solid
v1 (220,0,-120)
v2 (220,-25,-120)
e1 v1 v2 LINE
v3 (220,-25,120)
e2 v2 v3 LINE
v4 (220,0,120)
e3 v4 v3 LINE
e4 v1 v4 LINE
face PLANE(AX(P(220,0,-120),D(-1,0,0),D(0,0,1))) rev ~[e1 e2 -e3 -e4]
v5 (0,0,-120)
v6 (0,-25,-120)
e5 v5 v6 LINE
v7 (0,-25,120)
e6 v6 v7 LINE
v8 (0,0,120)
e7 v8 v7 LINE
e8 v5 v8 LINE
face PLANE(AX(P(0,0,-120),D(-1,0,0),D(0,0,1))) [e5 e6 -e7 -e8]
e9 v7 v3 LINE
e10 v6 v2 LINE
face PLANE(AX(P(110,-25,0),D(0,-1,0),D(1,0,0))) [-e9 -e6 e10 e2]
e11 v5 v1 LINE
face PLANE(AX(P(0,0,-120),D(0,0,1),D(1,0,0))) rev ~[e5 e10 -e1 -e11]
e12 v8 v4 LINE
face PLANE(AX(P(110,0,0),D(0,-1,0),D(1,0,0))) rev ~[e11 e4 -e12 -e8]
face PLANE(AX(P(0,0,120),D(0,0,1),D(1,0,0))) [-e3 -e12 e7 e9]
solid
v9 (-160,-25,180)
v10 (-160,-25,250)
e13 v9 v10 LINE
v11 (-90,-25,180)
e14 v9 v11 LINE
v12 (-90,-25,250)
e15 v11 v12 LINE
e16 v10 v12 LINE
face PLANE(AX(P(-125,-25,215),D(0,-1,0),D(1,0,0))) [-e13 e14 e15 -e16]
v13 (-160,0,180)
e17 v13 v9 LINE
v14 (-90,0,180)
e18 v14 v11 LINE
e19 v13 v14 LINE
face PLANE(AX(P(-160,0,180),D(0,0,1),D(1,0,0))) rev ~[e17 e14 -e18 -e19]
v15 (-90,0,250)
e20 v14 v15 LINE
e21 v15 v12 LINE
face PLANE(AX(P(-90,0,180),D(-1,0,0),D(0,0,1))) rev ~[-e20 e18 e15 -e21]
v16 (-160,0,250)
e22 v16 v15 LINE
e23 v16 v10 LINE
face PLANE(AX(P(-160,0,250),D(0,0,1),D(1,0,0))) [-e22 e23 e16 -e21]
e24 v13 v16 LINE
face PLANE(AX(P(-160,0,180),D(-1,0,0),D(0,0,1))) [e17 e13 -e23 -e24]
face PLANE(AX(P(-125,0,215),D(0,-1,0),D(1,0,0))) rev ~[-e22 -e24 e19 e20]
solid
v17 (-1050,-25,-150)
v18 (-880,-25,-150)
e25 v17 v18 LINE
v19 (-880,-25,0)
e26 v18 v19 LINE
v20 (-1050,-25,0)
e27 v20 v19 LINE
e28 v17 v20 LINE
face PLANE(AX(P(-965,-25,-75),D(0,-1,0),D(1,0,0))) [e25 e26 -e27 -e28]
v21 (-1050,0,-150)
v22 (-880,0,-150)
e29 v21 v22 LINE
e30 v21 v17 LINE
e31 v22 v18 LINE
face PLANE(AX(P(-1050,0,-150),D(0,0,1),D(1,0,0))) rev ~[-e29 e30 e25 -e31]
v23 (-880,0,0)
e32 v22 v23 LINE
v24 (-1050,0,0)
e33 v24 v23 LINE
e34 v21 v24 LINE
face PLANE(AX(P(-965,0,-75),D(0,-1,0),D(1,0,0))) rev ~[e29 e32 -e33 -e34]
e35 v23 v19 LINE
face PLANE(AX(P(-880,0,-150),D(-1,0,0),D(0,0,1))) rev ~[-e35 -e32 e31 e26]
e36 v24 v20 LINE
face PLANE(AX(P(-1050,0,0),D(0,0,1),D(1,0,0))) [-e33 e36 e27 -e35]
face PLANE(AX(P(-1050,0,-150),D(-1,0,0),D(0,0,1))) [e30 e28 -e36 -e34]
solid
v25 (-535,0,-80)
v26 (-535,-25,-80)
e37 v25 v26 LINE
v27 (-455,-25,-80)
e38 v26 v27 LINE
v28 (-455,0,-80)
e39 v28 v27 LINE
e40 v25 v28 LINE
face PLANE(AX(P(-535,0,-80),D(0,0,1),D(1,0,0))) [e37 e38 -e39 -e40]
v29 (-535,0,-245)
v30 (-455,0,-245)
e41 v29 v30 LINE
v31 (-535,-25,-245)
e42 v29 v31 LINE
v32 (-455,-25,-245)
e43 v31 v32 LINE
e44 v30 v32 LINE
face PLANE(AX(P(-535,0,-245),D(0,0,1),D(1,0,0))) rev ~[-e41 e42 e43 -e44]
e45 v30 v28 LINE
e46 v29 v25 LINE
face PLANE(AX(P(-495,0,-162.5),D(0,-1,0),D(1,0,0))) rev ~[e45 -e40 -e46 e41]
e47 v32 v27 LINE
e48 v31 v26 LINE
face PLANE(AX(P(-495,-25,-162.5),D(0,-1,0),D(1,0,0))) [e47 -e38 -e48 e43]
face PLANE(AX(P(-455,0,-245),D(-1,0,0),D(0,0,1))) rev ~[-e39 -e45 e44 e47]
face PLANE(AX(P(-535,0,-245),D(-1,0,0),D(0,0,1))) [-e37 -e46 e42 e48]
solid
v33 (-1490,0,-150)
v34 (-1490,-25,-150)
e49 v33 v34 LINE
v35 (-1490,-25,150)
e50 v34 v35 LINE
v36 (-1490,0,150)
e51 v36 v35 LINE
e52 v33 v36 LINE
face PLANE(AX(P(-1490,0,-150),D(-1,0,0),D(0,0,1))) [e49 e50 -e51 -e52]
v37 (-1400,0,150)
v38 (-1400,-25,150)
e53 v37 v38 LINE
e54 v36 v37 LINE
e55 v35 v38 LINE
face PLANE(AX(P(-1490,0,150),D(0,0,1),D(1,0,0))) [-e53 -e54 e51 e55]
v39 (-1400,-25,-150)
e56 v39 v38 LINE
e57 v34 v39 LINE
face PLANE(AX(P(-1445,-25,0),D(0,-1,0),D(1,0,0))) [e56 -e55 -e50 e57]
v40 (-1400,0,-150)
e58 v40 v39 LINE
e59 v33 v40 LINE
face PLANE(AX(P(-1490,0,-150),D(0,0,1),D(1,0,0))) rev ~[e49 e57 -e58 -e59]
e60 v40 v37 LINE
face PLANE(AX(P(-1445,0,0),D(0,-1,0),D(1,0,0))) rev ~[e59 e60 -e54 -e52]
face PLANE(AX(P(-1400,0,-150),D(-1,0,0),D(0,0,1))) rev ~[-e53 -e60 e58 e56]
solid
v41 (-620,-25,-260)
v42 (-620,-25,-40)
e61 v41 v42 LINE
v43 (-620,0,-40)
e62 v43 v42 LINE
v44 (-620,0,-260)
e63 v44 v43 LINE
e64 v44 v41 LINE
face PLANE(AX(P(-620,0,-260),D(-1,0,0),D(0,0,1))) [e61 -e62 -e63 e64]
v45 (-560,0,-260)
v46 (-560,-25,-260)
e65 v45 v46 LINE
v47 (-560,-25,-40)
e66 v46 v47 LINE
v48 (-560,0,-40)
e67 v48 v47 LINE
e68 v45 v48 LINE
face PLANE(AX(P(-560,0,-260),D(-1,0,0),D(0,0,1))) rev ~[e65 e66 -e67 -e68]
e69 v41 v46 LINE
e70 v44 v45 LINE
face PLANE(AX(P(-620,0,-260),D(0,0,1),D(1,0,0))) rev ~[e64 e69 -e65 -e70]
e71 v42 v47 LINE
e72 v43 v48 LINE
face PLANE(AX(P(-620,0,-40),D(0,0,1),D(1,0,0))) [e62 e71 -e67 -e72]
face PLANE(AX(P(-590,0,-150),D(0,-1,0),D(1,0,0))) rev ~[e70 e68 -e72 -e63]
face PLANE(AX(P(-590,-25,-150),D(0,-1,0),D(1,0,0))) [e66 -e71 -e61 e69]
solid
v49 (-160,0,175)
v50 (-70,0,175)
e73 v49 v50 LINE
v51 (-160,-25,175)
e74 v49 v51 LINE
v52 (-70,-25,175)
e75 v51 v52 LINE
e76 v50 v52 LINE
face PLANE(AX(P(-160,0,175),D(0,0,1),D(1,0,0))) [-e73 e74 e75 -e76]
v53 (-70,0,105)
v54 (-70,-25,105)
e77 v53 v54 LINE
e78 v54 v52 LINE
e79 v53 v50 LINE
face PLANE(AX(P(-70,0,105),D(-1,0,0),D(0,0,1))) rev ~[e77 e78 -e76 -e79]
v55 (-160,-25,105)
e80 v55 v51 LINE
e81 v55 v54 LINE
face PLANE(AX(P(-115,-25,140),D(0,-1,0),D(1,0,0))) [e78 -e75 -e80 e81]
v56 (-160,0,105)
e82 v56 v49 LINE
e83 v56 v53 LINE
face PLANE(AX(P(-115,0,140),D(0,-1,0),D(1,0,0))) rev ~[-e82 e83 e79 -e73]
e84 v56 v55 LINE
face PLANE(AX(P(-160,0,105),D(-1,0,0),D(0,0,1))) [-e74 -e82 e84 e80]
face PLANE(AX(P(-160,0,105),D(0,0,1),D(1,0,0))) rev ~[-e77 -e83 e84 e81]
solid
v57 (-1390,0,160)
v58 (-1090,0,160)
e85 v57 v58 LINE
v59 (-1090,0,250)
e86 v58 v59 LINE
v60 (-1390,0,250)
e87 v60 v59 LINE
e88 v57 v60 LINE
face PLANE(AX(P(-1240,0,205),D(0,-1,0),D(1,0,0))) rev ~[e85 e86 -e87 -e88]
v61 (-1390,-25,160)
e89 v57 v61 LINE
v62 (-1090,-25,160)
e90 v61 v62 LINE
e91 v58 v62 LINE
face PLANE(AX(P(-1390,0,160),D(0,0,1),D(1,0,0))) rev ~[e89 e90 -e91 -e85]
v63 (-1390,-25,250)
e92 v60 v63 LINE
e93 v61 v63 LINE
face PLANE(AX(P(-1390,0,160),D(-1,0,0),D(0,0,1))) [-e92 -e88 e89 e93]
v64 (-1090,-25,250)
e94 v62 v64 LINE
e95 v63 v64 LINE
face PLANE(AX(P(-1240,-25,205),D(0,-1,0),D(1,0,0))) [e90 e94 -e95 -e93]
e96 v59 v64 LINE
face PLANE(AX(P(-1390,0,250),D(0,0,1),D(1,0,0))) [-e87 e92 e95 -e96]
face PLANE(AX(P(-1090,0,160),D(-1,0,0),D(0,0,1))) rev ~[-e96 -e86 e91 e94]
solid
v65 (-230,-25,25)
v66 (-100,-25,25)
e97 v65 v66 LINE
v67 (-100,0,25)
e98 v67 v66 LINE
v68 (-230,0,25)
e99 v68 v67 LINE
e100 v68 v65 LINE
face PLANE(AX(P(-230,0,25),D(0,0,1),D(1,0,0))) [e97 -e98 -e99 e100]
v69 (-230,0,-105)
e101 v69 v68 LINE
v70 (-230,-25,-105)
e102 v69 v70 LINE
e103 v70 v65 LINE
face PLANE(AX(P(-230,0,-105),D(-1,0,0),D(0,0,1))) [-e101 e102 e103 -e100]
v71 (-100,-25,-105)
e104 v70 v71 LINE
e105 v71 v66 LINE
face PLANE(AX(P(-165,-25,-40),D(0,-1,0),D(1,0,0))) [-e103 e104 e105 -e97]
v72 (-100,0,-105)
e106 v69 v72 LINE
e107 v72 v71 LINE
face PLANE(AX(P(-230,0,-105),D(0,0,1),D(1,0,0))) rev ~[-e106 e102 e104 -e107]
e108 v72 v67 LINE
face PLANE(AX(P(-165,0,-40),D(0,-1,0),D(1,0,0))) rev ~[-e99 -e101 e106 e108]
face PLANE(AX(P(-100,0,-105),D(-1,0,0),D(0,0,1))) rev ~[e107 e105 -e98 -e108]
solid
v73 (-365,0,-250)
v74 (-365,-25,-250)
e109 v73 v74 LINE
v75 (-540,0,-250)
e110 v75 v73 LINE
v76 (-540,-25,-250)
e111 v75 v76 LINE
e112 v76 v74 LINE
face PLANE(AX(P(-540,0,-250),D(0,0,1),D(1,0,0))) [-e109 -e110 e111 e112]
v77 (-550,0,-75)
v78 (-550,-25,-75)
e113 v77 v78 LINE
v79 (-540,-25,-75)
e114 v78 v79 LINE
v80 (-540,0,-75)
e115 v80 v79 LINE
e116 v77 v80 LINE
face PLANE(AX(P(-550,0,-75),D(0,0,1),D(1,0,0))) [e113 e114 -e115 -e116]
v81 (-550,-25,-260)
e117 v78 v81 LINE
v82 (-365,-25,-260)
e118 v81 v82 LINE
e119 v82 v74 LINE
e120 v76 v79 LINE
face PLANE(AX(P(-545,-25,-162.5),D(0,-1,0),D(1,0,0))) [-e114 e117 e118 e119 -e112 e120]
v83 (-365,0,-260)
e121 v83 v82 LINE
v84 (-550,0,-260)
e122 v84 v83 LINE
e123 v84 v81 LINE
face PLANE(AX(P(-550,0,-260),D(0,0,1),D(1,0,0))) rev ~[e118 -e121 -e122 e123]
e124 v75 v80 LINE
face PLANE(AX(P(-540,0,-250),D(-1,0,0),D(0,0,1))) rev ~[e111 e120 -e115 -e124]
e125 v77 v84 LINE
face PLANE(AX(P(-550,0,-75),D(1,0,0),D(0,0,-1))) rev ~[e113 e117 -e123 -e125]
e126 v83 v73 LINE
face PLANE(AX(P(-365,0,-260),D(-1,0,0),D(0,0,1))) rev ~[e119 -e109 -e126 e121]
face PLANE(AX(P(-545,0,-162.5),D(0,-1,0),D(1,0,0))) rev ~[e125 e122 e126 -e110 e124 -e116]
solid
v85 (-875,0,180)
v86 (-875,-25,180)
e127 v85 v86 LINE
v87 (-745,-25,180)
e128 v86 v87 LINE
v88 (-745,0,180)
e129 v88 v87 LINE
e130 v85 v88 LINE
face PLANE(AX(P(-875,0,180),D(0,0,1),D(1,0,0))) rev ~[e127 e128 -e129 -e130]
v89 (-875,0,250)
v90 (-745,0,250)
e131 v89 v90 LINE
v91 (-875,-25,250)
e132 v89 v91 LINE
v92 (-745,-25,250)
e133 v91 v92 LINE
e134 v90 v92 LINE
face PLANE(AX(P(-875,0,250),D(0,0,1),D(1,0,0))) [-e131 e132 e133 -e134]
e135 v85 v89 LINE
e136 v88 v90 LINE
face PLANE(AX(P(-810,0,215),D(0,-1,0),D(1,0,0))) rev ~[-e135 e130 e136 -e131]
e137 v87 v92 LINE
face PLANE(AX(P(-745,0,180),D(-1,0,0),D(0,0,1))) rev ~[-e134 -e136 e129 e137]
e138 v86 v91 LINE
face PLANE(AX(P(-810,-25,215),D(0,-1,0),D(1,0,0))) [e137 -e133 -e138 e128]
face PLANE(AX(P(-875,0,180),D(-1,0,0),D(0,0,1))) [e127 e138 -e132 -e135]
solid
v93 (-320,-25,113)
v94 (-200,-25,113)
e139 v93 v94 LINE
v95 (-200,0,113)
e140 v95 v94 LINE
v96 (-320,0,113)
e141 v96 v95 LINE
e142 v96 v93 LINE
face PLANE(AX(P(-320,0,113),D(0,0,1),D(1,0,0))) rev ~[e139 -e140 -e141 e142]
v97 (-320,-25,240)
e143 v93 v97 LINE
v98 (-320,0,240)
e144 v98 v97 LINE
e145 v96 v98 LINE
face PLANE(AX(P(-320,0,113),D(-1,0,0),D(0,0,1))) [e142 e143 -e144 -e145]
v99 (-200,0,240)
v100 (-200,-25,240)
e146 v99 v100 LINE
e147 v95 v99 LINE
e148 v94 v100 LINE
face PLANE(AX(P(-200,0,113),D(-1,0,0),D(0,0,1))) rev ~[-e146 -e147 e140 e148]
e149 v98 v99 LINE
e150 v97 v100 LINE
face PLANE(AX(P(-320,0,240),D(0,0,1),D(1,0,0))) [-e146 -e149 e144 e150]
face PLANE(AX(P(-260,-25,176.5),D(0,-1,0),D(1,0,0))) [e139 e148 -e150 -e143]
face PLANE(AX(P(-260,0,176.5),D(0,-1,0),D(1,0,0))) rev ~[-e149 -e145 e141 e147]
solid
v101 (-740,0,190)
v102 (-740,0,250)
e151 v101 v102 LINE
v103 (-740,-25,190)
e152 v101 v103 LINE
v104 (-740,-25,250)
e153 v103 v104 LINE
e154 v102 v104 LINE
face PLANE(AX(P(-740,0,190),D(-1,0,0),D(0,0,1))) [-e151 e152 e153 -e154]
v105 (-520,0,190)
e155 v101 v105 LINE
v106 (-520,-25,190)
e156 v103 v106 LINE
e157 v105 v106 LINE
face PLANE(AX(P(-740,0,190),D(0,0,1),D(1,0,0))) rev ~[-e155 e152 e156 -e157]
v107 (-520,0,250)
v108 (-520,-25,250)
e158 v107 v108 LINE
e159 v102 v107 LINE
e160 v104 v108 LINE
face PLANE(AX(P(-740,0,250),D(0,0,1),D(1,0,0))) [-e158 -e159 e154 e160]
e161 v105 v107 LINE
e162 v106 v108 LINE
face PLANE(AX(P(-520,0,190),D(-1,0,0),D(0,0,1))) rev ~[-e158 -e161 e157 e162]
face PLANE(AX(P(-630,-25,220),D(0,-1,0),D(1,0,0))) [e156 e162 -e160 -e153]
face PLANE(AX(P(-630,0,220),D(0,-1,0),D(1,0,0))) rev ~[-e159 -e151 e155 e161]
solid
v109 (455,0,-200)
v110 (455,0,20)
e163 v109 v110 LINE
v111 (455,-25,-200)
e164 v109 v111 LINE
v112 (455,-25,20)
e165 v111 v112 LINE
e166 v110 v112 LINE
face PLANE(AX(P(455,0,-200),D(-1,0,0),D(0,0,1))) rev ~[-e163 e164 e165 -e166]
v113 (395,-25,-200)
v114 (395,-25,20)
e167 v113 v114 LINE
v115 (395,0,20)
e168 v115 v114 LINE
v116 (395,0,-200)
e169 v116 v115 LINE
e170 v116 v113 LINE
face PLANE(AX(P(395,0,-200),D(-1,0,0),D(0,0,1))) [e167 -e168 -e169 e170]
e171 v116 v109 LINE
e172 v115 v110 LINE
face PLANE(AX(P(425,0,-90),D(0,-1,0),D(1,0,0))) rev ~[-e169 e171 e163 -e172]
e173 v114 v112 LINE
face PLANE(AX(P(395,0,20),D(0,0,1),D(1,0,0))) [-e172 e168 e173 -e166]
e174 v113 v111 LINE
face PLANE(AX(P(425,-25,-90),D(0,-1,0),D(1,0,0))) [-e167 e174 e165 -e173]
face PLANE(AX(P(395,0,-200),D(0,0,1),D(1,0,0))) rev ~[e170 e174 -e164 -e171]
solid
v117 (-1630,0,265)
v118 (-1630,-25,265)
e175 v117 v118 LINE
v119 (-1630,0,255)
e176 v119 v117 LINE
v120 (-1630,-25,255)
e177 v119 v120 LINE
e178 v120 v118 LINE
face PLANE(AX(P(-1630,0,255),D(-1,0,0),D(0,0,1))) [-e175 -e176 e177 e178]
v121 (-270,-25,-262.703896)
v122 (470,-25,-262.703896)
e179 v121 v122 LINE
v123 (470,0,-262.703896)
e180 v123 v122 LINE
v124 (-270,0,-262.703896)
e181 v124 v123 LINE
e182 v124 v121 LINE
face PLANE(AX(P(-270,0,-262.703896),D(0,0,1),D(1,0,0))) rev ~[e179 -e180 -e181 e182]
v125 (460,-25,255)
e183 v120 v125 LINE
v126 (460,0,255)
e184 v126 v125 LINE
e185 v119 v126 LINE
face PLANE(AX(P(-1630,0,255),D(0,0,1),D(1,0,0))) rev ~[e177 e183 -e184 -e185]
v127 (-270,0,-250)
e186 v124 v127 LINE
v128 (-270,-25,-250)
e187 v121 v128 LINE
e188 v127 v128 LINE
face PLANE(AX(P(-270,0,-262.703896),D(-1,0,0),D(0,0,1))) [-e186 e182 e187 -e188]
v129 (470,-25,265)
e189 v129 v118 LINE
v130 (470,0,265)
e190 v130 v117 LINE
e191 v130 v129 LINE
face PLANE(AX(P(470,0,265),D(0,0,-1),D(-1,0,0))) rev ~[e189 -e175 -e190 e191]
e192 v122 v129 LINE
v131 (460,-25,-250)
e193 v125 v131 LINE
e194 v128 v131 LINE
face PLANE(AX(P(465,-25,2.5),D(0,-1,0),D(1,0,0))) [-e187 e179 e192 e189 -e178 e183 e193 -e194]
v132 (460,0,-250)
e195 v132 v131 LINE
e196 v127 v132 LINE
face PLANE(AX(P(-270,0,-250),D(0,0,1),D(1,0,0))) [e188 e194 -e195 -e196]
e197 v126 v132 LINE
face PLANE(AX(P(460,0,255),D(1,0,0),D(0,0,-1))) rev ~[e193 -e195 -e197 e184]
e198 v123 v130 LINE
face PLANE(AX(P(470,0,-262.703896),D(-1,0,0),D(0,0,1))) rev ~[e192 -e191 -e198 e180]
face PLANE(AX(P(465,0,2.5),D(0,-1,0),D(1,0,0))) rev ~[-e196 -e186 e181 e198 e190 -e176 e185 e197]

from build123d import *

# Parameters (mm, degrees)
F0_W     = 220
F0_H     = 240
F0_W_2   = 10
F0_H_2   = 505
F0_H_3   = 10
F0_W_3   = 2090
F0_H_4   = 12.703896
F0_W_4   = 730
F0_W_5   = 130
F0_H_5   = 130
F0_W_6   = 120
F0_H_6   = 127
F0_W_7   = 90
F0_H_7   = 70
F0_W_8   = 70
F0_H_8   = 60
F0_H_9   = 175
F0_W_9   = 175
F0_W_10  = 60
F0_H_10  = 220
F0_W_11  = 170
F0_H_11  = 150
F0_W_12  = 300
F0_H_12  = 90
F0_H_13  = 300
F0_W_13  = 80
F0_H_14  = 165
F1_DEPTH = 25


with BuildPart() as f1:
    # F0 (on Front) → F1 (new body)
    with BuildSketch(Plane.XZ):
        with Locations((110, 0)):
            Rectangle(F0_W, F0_H)
        with Locations((465, 2.5)):
            Rectangle(F0_W_2, F0_H_2)
        with Locations((465, 260)):
            Rectangle(F0_W_2, F0_H_3)
        with Locations((-585, 260)):
            Rectangle(F0_W_3, F0_H_3)
        with Locations((465, -256.351948)):
            Rectangle(F0_W_2, F0_H_4)
        with Locations((95, -256.351948)):
            Rectangle(F0_W_4, F0_H_4)
        with Locations((-165, -40)):
            Rectangle(F0_W_5, F0_H_5)
        with Locations((-260, 176.5)):
            Rectangle(F0_W_6, F0_H_6)
        with Locations((-115, 140)):
            Rectangle(F0_W_7, F0_H_7)
        with Locations((-125, 215)):
            Rectangle(F0_W_8, F0_H_7)
        with Locations((-630, 220)):
            Rectangle(F0_W, F0_H_8)
        with Locations((-545, -162.5)):
            Rectangle(F0_W_2, F0_H_9)
        with Locations((-545, -255)):
            Rectangle(F0_W_2, F0_H_3)
        with Locations((-452.5, -255)):
            Rectangle(F0_W_9, F0_H_3)
        with Locations((-590, -150)):
            Rectangle(F0_W_10, F0_H_10)
        with Locations((-965, -75)):
            Rectangle(F0_W_11, F0_H_11)
        with Locations((-1240, 205)):
            Rectangle(F0_W_12, F0_H_12)
        with Locations((-1445, 0)):
            Rectangle(F0_W_7, F0_H_13)
        with Locations((-495, -162.5)):
            Rectangle(F0_W_13, F0_H_14)
        with Locations((-810, 215)):
            Rectangle(F0_W_5, F0_H_7)
        with Locations((425, -90)):
            Rectangle(F0_W_10, F0_H_10)
    extrude(amount=F1_DEPTH)


solid = f1.part
